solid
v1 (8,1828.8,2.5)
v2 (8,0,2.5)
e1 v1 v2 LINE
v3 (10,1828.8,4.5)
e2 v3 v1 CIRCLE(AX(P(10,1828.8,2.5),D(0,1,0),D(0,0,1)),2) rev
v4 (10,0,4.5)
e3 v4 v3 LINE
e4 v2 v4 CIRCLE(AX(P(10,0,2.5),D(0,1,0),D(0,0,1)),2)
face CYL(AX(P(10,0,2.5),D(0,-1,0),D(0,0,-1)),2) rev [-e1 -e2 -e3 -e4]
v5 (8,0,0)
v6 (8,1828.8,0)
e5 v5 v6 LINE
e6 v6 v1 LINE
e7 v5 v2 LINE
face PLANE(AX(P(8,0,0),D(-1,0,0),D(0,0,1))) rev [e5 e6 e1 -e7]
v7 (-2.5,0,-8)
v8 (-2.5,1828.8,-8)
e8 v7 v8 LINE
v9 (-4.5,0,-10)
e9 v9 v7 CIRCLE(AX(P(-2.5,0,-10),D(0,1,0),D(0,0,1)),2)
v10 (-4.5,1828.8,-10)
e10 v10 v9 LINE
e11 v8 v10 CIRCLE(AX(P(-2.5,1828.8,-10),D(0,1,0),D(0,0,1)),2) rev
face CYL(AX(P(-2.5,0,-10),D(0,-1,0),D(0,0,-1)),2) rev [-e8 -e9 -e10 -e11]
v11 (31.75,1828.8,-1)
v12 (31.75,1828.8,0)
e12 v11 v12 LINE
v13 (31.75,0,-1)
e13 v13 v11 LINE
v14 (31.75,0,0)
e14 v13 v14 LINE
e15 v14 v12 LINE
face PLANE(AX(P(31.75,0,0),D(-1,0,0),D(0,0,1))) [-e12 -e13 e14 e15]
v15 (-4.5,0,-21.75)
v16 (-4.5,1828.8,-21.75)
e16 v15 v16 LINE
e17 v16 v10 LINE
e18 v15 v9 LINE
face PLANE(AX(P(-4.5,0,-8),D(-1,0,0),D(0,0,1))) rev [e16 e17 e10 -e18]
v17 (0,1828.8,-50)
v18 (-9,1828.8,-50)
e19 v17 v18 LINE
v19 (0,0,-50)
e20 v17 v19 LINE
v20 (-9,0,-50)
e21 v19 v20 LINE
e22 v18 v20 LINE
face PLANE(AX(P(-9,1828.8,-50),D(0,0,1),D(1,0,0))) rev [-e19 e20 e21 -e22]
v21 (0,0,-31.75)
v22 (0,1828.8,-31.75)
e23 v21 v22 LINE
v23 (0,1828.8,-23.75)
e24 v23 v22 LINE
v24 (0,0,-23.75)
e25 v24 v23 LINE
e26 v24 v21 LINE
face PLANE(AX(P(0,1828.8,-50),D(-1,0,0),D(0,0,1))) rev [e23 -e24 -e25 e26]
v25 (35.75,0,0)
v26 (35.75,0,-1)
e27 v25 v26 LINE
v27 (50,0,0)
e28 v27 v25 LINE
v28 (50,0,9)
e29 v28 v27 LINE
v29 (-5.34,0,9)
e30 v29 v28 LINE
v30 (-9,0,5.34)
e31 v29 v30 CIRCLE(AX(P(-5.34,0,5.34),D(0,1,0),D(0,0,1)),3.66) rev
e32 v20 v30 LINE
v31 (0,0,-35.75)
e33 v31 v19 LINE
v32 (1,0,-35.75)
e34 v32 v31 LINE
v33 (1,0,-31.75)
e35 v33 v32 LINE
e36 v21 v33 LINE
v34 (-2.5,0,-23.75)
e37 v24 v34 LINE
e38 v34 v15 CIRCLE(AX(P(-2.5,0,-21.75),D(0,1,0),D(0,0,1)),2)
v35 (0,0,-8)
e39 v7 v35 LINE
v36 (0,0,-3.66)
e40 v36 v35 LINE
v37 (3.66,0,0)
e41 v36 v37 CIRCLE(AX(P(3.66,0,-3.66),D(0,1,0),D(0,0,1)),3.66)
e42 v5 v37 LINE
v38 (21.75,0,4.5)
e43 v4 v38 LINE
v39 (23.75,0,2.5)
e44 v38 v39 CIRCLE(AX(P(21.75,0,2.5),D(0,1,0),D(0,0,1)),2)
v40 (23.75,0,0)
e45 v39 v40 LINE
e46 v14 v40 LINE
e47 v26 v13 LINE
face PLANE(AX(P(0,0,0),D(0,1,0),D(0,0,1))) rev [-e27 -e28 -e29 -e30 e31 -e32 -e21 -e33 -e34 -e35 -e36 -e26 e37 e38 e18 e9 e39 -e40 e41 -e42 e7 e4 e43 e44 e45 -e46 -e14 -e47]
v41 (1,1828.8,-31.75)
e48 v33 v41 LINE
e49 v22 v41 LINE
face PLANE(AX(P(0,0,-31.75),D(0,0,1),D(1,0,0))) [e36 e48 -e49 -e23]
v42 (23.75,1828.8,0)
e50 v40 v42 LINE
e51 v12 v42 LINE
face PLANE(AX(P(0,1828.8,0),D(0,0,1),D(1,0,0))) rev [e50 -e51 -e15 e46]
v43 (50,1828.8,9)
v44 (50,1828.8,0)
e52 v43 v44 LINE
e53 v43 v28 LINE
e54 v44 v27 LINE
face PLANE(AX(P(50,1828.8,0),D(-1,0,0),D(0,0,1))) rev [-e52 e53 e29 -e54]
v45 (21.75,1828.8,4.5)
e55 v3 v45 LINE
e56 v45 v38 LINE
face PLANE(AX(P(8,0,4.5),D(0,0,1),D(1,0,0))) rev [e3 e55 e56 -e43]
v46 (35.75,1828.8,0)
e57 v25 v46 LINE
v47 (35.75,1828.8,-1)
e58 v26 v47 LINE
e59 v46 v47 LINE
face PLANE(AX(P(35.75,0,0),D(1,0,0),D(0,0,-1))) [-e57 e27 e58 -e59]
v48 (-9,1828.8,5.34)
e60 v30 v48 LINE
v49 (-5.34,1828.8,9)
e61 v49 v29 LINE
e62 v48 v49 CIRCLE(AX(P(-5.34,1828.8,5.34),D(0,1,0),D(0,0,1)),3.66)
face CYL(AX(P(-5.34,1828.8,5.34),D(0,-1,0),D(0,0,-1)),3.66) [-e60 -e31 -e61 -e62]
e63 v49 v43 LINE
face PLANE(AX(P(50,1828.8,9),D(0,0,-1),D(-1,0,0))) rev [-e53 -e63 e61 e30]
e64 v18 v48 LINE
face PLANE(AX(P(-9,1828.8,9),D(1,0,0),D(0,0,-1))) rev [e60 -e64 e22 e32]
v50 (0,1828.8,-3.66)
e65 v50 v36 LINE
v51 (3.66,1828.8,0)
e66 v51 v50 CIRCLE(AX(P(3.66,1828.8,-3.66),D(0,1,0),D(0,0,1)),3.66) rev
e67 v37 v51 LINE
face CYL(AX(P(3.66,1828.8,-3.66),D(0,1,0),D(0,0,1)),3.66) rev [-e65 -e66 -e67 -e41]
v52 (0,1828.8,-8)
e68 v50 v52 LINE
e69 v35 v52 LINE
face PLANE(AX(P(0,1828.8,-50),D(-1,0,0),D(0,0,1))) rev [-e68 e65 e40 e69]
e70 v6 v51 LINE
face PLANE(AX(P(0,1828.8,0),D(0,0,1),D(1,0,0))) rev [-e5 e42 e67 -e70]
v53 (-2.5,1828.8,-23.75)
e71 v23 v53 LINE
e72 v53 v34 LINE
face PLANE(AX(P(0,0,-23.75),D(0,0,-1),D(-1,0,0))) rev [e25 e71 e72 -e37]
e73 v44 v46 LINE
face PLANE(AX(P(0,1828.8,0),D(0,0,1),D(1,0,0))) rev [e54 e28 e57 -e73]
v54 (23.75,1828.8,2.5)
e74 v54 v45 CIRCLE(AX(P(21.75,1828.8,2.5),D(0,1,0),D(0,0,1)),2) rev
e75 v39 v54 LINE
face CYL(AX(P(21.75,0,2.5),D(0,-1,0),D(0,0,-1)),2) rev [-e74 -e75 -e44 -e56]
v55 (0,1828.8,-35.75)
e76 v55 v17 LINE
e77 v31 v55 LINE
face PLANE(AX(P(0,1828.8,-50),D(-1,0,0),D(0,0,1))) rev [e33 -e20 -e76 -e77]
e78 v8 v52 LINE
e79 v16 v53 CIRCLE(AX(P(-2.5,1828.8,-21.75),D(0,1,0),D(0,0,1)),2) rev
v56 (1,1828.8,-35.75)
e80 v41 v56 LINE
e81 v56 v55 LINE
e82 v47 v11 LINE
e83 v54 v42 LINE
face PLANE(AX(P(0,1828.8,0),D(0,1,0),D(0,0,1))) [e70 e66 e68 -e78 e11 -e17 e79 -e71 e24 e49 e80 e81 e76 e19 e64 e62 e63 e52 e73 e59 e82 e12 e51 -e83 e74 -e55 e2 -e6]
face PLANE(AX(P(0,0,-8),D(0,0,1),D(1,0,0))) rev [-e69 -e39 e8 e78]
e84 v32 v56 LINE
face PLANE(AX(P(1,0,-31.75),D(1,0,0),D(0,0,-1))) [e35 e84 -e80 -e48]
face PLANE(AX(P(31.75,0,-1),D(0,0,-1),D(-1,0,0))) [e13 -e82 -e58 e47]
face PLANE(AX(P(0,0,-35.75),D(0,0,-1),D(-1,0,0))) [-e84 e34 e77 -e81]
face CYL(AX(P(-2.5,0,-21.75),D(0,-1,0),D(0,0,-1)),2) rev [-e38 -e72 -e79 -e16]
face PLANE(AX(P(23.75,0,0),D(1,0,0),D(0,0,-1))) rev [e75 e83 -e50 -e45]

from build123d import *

# Parameters (mm, degrees)
BOSS_EXTRUDE1_DEPTH = 1828.8
SKETCH6_W           = 1
SKETCH6_H           = 4
BOSS_EXTRUDE2_DEPTH = 1828.8
SKETCH7_W           = 4
SKETCH7_H           = 1
BOSS_EXTRUDE3_DEPTH = 1828.8
SKETCH8_W           = 15.75
SKETCH8_H           = 4.5
CUT_EXTRUDE3_DEPTH  = 1829.8
SKETCH9_W           = 4.5
SKETCH9_H           = 15.75
CUT_EXTRUDE4_DEPTH  = 1829.8
FILLET4_R           = 2
FILLET2_R           = 3.66
FILLET3_R           = 3.66


with BuildPart() as part:
    # Sketch2 → Boss-Extrude1 (new body)
    with BuildSketch(Plane(origin=(0, 0, 0), x_dir=(1, 0, 0), z_dir=(0, 1, 0))):
        Polygon((0, 0), (50, 0), (50, -9), (-9, -9), (-9, 50), (0, 50), align=None)
    extrude(amount=BOSS_EXTRUDE1_DEPTH)

    # Sketch6 → Boss-Extrude2 (add, through all)
    with BuildSketch(Plane(origin=(0, 1828.8, 0), x_dir=(1, 0, 0), z_dir=(0, 1, 0))):
        with Locations((0.5, 33.75)):
            Rectangle(SKETCH6_W, SKETCH6_H)
    extrude(amount=-BOSS_EXTRUDE2_DEPTH)

    # Sketch7 → Boss-Extrude3 (add, through all)
    with BuildSketch(Plane(origin=(0, 1828.8, 0), x_dir=(1, 0, 0), z_dir=(0, 1, 0))):
        with Locations((33.75, 0.5)):
            Rectangle(SKETCH7_W, SKETCH7_H)
    extrude(amount=-BOSS_EXTRUDE3_DEPTH)

    # Sketch8 → Cut-Extrude3 (cut, through all)
    with BuildSketch(Plane(origin=(0, 1828.8, 0), x_dir=(1, 0, 0), z_dir=(0, 1, 0))):
        with Locations((15.875, -2.25)):
            Rectangle(SKETCH8_W, SKETCH8_H)
    extrude(amount=-CUT_EXTRUDE3_DEPTH, mode=Mode.SUBTRACT)

    # Sketch9 → Cut-Extrude4 (cut, through all)
    with BuildSketch(Plane(origin=(0, 1828.8, 0), x_dir=(1, 0, 0), z_dir=(0, 1, 0))):
        with Locations((-2.25, 15.875)):
            Rectangle(SKETCH9_W, SKETCH9_H)
    extrude(amount=-CUT_EXTRUDE4_DEPTH, mode=Mode.SUBTRACT)

    # Fillet4
    fillet4_edges = [part.edges().sort_by_distance(p)[0] for p in [
        (8, 914.4, 4.5),
        (23.75, 914.4, 4.5),
        (-4.5, 914.4, -8),
        (-4.5, 914.4, -23.75),
    ]]
    fillet(fillet4_edges, radius=FILLET4_R)

    # Fillet2
    fillet2_edges = [part.edges().sort_by_distance(p)[0] for p in [
        (0, 914.4, 0),
    ]]
    fillet(fillet2_edges, radius=FILLET2_R)

    # Fillet3
    fillet3_edges = [part.edges().sort_by_distance(p)[0] for p in [
        (-9, 914.4, 9),
    ]]
    fillet(fillet3_edges, radius=FILLET3_R)


solid = part.part
